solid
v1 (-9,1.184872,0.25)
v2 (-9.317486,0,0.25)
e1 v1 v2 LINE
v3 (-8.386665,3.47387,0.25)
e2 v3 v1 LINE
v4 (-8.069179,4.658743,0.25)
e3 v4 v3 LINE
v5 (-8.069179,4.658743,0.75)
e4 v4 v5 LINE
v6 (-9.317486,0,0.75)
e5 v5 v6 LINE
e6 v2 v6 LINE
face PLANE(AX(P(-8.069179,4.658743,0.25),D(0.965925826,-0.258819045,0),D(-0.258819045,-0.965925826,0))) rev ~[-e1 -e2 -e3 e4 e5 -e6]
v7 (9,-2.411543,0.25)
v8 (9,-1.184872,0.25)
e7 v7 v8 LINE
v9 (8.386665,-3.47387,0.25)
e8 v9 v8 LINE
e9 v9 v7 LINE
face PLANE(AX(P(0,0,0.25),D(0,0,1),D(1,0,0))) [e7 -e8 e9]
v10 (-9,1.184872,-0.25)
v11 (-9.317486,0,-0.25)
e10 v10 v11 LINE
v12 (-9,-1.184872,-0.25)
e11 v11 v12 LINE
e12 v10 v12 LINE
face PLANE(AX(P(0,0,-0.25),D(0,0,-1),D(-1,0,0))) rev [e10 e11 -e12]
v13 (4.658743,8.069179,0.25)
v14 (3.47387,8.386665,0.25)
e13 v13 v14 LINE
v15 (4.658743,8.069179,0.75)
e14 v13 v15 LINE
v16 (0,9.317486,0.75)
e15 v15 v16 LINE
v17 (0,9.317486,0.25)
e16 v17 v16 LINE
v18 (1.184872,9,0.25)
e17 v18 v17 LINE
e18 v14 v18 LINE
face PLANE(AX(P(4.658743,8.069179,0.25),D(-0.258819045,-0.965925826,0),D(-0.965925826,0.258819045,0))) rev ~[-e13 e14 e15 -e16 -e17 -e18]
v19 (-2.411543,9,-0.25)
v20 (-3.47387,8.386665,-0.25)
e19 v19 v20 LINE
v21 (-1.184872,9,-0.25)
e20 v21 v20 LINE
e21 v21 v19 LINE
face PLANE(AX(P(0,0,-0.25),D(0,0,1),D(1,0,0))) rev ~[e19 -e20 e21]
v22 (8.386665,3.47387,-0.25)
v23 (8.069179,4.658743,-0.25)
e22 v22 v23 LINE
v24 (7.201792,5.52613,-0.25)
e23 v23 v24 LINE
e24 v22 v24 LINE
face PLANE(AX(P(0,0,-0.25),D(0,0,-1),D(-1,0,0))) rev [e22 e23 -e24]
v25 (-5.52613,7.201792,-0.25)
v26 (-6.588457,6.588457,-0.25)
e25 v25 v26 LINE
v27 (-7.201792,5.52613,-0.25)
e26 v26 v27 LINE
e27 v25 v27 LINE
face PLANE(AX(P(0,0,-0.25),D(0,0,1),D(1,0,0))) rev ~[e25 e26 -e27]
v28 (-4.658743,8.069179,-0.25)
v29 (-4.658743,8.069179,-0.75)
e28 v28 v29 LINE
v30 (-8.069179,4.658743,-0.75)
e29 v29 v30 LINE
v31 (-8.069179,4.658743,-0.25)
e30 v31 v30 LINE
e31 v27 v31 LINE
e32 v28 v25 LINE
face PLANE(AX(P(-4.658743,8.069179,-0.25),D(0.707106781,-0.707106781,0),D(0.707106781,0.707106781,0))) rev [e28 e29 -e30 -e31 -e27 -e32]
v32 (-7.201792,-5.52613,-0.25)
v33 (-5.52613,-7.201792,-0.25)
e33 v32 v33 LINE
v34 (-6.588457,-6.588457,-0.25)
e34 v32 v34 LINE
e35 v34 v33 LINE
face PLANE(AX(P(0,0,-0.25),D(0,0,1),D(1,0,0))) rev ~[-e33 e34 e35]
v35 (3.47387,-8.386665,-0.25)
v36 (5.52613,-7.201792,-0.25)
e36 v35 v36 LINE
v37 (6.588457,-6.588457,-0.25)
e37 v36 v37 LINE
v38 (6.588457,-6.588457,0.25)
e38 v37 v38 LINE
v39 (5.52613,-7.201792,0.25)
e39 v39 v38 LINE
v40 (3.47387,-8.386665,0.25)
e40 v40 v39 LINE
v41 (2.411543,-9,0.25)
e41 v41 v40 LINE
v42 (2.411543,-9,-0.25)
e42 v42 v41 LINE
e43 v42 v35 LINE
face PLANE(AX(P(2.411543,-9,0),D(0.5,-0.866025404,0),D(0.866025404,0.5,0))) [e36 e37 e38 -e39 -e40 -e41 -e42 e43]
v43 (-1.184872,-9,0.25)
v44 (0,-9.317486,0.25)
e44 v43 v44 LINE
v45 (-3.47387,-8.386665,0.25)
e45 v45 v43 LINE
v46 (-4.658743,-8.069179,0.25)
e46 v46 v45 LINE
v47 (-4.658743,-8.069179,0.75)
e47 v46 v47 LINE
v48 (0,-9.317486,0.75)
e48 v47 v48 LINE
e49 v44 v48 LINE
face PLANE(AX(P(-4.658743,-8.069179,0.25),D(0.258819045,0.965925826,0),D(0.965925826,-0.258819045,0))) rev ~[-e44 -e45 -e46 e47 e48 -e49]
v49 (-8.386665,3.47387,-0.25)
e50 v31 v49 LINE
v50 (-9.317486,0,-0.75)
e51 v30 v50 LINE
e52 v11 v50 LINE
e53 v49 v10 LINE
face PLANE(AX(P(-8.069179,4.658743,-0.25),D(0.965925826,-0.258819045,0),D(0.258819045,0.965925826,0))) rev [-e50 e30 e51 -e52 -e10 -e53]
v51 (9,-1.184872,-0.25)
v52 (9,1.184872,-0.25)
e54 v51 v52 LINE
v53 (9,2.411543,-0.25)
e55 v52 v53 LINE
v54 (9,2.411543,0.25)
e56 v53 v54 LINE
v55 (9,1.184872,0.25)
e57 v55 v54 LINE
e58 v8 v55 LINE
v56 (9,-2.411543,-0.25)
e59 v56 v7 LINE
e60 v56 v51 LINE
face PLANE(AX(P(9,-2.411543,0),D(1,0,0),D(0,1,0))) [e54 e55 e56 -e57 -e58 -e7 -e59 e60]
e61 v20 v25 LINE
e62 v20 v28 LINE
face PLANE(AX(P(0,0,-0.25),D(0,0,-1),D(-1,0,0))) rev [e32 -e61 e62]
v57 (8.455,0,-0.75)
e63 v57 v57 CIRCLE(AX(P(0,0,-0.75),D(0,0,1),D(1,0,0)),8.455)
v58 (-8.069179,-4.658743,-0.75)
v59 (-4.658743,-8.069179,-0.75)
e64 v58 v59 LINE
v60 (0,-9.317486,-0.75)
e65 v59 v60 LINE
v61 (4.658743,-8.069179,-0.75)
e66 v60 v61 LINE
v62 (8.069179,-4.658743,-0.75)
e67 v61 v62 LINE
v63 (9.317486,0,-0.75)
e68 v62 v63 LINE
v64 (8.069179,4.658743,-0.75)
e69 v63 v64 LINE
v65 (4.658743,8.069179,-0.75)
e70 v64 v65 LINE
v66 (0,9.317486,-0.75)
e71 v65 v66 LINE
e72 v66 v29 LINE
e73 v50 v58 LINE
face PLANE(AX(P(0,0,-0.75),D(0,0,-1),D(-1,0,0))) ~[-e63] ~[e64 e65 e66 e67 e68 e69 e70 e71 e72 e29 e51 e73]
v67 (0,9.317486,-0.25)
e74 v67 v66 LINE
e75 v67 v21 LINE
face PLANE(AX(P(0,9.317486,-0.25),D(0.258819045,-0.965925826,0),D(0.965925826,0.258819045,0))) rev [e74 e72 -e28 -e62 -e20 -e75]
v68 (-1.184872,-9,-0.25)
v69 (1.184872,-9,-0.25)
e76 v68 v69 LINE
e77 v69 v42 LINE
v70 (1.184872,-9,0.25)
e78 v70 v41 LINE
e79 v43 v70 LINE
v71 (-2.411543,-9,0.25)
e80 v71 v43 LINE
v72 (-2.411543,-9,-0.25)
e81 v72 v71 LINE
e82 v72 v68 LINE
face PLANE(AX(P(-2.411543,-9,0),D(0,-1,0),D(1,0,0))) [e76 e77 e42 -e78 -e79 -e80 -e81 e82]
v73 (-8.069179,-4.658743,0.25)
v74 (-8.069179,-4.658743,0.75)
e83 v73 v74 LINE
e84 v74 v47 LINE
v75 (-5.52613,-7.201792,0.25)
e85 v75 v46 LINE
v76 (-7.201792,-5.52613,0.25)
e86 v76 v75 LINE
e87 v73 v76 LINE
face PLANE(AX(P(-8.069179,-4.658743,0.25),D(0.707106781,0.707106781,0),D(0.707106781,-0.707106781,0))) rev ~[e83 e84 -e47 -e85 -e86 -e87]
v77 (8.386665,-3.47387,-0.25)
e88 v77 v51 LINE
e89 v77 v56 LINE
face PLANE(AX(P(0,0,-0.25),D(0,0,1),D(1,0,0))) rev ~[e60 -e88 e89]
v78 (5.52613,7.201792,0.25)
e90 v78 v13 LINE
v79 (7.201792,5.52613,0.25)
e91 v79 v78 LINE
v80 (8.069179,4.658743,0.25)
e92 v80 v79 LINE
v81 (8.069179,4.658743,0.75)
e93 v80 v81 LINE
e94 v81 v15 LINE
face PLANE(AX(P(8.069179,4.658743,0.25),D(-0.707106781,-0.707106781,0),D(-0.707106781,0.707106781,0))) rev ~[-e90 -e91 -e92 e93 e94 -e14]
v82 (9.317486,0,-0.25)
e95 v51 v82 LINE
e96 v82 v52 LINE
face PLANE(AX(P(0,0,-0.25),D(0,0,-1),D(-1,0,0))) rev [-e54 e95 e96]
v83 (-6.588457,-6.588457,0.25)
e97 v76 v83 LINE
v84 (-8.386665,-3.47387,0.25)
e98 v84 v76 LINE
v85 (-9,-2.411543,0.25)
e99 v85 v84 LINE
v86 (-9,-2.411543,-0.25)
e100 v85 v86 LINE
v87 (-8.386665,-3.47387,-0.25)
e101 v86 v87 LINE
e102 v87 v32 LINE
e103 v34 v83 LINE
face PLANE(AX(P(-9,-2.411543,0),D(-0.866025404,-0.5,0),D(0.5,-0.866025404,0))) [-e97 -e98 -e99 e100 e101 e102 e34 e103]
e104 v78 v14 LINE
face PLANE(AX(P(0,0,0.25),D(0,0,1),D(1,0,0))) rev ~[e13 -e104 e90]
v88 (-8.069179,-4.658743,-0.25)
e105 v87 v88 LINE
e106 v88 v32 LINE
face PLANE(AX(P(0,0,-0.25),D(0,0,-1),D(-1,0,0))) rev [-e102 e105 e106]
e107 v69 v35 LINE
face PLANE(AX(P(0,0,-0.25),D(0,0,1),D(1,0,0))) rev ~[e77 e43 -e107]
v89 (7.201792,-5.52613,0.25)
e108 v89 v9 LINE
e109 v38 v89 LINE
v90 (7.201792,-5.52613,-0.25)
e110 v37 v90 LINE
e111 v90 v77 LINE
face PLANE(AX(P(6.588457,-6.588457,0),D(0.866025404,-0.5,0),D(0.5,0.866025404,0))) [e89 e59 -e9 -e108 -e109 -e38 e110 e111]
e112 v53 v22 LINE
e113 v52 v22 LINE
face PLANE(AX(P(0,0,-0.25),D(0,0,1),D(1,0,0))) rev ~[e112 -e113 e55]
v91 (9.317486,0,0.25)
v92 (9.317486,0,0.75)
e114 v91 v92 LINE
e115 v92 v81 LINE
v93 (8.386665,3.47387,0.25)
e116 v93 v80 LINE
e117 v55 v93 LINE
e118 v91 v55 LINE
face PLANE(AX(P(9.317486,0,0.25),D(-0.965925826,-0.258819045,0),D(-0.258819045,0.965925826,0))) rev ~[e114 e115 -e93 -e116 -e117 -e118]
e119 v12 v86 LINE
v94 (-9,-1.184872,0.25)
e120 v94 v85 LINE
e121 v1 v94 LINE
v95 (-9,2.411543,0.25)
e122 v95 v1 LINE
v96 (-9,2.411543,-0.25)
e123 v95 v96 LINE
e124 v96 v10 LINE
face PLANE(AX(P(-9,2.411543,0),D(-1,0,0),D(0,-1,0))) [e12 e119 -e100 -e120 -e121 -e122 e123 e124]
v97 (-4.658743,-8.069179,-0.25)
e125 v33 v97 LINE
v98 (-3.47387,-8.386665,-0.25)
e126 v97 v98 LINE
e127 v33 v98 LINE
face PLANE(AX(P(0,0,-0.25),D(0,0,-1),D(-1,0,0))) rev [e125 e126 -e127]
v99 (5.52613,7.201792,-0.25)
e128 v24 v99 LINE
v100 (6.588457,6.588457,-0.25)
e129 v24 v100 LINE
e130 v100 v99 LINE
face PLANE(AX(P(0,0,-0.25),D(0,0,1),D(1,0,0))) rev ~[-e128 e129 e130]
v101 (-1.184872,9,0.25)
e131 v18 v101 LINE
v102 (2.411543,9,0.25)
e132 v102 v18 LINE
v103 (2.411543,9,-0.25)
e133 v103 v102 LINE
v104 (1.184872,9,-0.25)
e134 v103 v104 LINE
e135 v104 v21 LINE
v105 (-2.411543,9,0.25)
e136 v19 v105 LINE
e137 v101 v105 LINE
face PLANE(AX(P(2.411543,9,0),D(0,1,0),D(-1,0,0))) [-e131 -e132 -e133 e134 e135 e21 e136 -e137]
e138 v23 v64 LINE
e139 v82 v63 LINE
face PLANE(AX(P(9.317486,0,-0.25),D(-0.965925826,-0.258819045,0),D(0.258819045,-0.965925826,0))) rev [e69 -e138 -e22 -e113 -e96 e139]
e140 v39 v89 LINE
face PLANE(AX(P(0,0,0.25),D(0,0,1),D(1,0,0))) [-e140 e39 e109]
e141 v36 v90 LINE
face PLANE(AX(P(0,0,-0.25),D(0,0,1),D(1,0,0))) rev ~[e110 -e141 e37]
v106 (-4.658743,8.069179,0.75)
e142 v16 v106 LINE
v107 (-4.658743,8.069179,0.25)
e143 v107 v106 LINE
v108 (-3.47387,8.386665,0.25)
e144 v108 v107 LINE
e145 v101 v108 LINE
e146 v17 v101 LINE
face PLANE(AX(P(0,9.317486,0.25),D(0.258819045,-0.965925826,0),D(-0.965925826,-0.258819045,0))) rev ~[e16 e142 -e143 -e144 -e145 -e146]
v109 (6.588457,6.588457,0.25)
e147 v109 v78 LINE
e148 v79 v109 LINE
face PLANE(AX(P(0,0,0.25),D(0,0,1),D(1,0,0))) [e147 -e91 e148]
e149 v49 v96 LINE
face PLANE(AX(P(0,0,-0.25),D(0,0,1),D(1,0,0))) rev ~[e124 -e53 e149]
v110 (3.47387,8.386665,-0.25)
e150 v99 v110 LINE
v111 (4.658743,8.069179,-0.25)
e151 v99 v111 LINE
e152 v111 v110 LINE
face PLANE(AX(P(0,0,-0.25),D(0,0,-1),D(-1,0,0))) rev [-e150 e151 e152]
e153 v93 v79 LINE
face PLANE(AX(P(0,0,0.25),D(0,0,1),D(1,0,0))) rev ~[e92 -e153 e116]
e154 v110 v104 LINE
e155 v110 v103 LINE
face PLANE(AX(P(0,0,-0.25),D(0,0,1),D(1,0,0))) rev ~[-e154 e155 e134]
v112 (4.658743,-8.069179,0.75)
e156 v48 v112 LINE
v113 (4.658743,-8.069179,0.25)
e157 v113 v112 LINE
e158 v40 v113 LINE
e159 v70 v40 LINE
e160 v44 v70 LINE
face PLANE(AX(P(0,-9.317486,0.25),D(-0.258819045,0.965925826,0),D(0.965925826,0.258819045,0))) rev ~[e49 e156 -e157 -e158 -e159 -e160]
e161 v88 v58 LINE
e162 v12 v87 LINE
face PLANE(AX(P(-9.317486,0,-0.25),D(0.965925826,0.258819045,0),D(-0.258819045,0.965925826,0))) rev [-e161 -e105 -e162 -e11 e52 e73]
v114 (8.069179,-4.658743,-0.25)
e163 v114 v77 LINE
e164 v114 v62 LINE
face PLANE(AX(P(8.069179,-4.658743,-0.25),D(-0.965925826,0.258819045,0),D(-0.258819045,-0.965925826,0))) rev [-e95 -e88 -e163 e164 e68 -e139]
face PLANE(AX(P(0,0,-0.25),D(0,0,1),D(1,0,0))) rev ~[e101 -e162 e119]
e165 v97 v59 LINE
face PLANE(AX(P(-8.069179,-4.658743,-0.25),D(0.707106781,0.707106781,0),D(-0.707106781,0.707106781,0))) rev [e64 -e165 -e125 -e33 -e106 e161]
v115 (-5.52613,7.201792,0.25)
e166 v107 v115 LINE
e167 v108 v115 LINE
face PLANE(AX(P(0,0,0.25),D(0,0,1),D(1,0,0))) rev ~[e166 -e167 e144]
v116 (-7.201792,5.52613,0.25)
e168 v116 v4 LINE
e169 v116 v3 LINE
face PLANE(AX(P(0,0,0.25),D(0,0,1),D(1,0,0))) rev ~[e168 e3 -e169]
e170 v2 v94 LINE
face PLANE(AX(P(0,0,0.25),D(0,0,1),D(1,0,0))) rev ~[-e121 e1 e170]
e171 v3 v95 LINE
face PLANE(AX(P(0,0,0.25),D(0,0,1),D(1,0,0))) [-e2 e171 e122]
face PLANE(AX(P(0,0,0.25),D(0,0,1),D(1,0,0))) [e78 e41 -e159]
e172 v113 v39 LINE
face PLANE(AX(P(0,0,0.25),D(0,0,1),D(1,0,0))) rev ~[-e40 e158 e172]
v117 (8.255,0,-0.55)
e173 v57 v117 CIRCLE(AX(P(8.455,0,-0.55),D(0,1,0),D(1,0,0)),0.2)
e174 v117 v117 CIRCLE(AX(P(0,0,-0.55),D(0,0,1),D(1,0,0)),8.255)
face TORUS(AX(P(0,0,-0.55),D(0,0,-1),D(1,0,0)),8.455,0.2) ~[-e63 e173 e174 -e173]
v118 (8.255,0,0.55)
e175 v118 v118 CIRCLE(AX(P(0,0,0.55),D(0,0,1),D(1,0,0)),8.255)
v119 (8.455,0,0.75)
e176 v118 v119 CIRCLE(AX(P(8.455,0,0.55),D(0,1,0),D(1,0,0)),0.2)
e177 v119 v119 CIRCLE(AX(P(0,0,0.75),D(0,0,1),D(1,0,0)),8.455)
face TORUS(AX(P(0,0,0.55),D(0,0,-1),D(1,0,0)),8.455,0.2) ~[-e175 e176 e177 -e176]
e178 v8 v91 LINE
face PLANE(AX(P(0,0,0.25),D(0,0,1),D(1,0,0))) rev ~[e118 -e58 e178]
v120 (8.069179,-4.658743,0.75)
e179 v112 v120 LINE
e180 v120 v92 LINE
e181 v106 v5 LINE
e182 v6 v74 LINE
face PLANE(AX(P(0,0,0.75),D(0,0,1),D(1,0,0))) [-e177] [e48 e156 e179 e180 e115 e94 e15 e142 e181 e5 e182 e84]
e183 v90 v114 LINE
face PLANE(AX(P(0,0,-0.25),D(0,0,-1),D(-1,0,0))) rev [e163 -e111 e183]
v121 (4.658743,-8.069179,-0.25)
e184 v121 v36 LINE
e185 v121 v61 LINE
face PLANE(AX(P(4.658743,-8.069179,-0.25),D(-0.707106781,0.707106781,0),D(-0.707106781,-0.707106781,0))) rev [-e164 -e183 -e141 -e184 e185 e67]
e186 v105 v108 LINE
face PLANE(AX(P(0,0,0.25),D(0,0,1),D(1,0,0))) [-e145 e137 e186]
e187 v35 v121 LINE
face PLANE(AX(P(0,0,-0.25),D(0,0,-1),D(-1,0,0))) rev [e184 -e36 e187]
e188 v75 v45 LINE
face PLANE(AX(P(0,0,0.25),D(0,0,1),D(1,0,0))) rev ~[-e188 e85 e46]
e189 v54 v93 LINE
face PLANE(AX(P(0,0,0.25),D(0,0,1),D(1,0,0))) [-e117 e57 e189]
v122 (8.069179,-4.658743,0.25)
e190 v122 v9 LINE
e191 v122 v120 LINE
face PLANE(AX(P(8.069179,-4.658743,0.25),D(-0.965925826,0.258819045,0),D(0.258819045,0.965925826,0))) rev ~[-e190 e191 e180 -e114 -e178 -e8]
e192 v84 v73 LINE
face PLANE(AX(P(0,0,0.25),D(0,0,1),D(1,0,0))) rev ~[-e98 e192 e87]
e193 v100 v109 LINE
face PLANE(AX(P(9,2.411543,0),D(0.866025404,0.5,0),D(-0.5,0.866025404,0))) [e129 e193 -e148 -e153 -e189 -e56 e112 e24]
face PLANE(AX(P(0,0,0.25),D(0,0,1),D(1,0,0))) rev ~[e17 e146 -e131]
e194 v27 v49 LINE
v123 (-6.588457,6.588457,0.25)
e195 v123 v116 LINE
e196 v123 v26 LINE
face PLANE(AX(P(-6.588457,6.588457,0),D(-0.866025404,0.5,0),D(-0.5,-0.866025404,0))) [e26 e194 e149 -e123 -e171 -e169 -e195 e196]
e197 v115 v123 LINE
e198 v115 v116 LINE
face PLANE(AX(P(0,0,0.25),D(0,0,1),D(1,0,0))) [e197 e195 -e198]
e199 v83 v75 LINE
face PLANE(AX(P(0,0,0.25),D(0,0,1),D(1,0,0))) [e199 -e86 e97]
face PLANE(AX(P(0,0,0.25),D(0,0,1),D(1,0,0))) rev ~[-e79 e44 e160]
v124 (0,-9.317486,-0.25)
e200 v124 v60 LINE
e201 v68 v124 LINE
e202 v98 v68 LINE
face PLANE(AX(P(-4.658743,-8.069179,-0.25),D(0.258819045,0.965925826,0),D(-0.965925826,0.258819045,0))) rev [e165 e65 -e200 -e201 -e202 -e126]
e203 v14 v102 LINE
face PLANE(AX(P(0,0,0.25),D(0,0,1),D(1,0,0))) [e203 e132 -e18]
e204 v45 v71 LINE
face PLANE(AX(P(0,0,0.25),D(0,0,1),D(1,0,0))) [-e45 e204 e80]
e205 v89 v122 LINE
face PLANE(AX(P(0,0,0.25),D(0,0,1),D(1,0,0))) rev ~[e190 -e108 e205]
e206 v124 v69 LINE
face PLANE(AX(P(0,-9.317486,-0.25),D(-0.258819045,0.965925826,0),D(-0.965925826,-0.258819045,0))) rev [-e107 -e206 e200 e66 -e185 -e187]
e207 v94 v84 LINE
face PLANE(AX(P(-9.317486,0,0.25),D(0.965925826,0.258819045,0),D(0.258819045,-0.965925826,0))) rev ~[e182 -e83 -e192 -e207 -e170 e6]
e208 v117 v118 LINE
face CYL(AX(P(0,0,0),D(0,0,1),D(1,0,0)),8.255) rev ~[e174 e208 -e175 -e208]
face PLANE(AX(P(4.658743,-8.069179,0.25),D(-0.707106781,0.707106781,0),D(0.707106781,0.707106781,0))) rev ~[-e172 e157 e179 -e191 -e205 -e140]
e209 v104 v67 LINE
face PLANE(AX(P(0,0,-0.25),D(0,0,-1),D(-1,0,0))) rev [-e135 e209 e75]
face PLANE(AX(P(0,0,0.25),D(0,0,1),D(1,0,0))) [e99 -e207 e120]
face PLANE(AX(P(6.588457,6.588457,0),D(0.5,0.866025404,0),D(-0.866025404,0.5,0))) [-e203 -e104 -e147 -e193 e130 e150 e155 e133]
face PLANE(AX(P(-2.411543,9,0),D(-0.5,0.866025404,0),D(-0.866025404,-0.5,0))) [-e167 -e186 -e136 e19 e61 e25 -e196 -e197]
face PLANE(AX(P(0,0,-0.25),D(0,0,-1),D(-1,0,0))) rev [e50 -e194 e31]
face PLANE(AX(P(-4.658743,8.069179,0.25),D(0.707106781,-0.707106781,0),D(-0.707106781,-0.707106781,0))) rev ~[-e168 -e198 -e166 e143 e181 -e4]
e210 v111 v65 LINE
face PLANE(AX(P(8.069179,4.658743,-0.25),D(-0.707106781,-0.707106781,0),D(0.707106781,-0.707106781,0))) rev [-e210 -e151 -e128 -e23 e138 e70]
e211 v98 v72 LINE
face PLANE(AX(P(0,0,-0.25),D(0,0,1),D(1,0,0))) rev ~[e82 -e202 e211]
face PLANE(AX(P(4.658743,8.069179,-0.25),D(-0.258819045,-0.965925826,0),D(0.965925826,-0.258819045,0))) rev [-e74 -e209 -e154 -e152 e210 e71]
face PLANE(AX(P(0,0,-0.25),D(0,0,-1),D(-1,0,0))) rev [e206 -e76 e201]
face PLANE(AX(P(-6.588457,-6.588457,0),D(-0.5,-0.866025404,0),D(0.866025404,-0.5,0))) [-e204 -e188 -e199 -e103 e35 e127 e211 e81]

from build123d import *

# Parameters (mm, degrees)
F2_DEPTH = 0.25
F4_DEPTH = 0.5
F0_R     = 8.255
F6_DEPTH = 2.5
F7_R     = 0.2


with BuildPart() as f2:
    # F1 (on Top) → F2 (new body, symmetric)
    with BuildSketch(Plane.XY):
        Polygon((-9, -2.4115427319), (-6.5884572681, -6.5884572681), (-2.4115427319, -9), (2.4115427319, -9), (6.5884572681, -6.5884572681), (9, -2.4115427319), (9, 2.4115427319), (6.5884572681, 6.5884572681), (2.4115427319, 9), (-2.4115427319, 9), (-6.5884572681, 6.5884572681), (-9, 2.4115427319), align=None)
    extrude(amount=F2_DEPTH, both=True)

    # F3 (on face) → F4 (join)
    with BuildSketch(Plane.XY.offset(0.25)):
        Polygon((-8.0691792495, 4.6587428118), (-9.3174856237, 0), (-8.0691792495, -4.6587428118), (-4.6587428118, -8.0691792495), (0, -9.3174856237), (4.6587428118, -8.0691792495), (8.0691792495, -4.6587428118), (9.3174856237, 0), (8.0691792495, 4.6587428118), (4.6587428118, 8.0691792495), (0, 9.3174856237), (-4.6587428118, 8.0691792495), align=None)
    extrude(amount=F4_DEPTH)

    # F5: F2 across plane


with BuildPart() as f2_1:
    add(f2.part)
    add(f2.part.mirror(Plane.XY))

    # F0 (on Top) → F6 (cut, symmetric)
    with BuildSketch(Plane.XY):
        Circle(F0_R)
    extrude(amount=F6_DEPTH, both=True, mode=Mode.SUBTRACT)

    # F7
    f7_edges = [f2_1.edges().sort_by_distance(p)[0] for p in [
        (-8.255, 0, -0.75),
        (8.255, 0, 0),
        (-8.255, 0, 0.75),
    ]]
    fillet(f7_edges, radius=F7_R)


solid = f2_1.part
